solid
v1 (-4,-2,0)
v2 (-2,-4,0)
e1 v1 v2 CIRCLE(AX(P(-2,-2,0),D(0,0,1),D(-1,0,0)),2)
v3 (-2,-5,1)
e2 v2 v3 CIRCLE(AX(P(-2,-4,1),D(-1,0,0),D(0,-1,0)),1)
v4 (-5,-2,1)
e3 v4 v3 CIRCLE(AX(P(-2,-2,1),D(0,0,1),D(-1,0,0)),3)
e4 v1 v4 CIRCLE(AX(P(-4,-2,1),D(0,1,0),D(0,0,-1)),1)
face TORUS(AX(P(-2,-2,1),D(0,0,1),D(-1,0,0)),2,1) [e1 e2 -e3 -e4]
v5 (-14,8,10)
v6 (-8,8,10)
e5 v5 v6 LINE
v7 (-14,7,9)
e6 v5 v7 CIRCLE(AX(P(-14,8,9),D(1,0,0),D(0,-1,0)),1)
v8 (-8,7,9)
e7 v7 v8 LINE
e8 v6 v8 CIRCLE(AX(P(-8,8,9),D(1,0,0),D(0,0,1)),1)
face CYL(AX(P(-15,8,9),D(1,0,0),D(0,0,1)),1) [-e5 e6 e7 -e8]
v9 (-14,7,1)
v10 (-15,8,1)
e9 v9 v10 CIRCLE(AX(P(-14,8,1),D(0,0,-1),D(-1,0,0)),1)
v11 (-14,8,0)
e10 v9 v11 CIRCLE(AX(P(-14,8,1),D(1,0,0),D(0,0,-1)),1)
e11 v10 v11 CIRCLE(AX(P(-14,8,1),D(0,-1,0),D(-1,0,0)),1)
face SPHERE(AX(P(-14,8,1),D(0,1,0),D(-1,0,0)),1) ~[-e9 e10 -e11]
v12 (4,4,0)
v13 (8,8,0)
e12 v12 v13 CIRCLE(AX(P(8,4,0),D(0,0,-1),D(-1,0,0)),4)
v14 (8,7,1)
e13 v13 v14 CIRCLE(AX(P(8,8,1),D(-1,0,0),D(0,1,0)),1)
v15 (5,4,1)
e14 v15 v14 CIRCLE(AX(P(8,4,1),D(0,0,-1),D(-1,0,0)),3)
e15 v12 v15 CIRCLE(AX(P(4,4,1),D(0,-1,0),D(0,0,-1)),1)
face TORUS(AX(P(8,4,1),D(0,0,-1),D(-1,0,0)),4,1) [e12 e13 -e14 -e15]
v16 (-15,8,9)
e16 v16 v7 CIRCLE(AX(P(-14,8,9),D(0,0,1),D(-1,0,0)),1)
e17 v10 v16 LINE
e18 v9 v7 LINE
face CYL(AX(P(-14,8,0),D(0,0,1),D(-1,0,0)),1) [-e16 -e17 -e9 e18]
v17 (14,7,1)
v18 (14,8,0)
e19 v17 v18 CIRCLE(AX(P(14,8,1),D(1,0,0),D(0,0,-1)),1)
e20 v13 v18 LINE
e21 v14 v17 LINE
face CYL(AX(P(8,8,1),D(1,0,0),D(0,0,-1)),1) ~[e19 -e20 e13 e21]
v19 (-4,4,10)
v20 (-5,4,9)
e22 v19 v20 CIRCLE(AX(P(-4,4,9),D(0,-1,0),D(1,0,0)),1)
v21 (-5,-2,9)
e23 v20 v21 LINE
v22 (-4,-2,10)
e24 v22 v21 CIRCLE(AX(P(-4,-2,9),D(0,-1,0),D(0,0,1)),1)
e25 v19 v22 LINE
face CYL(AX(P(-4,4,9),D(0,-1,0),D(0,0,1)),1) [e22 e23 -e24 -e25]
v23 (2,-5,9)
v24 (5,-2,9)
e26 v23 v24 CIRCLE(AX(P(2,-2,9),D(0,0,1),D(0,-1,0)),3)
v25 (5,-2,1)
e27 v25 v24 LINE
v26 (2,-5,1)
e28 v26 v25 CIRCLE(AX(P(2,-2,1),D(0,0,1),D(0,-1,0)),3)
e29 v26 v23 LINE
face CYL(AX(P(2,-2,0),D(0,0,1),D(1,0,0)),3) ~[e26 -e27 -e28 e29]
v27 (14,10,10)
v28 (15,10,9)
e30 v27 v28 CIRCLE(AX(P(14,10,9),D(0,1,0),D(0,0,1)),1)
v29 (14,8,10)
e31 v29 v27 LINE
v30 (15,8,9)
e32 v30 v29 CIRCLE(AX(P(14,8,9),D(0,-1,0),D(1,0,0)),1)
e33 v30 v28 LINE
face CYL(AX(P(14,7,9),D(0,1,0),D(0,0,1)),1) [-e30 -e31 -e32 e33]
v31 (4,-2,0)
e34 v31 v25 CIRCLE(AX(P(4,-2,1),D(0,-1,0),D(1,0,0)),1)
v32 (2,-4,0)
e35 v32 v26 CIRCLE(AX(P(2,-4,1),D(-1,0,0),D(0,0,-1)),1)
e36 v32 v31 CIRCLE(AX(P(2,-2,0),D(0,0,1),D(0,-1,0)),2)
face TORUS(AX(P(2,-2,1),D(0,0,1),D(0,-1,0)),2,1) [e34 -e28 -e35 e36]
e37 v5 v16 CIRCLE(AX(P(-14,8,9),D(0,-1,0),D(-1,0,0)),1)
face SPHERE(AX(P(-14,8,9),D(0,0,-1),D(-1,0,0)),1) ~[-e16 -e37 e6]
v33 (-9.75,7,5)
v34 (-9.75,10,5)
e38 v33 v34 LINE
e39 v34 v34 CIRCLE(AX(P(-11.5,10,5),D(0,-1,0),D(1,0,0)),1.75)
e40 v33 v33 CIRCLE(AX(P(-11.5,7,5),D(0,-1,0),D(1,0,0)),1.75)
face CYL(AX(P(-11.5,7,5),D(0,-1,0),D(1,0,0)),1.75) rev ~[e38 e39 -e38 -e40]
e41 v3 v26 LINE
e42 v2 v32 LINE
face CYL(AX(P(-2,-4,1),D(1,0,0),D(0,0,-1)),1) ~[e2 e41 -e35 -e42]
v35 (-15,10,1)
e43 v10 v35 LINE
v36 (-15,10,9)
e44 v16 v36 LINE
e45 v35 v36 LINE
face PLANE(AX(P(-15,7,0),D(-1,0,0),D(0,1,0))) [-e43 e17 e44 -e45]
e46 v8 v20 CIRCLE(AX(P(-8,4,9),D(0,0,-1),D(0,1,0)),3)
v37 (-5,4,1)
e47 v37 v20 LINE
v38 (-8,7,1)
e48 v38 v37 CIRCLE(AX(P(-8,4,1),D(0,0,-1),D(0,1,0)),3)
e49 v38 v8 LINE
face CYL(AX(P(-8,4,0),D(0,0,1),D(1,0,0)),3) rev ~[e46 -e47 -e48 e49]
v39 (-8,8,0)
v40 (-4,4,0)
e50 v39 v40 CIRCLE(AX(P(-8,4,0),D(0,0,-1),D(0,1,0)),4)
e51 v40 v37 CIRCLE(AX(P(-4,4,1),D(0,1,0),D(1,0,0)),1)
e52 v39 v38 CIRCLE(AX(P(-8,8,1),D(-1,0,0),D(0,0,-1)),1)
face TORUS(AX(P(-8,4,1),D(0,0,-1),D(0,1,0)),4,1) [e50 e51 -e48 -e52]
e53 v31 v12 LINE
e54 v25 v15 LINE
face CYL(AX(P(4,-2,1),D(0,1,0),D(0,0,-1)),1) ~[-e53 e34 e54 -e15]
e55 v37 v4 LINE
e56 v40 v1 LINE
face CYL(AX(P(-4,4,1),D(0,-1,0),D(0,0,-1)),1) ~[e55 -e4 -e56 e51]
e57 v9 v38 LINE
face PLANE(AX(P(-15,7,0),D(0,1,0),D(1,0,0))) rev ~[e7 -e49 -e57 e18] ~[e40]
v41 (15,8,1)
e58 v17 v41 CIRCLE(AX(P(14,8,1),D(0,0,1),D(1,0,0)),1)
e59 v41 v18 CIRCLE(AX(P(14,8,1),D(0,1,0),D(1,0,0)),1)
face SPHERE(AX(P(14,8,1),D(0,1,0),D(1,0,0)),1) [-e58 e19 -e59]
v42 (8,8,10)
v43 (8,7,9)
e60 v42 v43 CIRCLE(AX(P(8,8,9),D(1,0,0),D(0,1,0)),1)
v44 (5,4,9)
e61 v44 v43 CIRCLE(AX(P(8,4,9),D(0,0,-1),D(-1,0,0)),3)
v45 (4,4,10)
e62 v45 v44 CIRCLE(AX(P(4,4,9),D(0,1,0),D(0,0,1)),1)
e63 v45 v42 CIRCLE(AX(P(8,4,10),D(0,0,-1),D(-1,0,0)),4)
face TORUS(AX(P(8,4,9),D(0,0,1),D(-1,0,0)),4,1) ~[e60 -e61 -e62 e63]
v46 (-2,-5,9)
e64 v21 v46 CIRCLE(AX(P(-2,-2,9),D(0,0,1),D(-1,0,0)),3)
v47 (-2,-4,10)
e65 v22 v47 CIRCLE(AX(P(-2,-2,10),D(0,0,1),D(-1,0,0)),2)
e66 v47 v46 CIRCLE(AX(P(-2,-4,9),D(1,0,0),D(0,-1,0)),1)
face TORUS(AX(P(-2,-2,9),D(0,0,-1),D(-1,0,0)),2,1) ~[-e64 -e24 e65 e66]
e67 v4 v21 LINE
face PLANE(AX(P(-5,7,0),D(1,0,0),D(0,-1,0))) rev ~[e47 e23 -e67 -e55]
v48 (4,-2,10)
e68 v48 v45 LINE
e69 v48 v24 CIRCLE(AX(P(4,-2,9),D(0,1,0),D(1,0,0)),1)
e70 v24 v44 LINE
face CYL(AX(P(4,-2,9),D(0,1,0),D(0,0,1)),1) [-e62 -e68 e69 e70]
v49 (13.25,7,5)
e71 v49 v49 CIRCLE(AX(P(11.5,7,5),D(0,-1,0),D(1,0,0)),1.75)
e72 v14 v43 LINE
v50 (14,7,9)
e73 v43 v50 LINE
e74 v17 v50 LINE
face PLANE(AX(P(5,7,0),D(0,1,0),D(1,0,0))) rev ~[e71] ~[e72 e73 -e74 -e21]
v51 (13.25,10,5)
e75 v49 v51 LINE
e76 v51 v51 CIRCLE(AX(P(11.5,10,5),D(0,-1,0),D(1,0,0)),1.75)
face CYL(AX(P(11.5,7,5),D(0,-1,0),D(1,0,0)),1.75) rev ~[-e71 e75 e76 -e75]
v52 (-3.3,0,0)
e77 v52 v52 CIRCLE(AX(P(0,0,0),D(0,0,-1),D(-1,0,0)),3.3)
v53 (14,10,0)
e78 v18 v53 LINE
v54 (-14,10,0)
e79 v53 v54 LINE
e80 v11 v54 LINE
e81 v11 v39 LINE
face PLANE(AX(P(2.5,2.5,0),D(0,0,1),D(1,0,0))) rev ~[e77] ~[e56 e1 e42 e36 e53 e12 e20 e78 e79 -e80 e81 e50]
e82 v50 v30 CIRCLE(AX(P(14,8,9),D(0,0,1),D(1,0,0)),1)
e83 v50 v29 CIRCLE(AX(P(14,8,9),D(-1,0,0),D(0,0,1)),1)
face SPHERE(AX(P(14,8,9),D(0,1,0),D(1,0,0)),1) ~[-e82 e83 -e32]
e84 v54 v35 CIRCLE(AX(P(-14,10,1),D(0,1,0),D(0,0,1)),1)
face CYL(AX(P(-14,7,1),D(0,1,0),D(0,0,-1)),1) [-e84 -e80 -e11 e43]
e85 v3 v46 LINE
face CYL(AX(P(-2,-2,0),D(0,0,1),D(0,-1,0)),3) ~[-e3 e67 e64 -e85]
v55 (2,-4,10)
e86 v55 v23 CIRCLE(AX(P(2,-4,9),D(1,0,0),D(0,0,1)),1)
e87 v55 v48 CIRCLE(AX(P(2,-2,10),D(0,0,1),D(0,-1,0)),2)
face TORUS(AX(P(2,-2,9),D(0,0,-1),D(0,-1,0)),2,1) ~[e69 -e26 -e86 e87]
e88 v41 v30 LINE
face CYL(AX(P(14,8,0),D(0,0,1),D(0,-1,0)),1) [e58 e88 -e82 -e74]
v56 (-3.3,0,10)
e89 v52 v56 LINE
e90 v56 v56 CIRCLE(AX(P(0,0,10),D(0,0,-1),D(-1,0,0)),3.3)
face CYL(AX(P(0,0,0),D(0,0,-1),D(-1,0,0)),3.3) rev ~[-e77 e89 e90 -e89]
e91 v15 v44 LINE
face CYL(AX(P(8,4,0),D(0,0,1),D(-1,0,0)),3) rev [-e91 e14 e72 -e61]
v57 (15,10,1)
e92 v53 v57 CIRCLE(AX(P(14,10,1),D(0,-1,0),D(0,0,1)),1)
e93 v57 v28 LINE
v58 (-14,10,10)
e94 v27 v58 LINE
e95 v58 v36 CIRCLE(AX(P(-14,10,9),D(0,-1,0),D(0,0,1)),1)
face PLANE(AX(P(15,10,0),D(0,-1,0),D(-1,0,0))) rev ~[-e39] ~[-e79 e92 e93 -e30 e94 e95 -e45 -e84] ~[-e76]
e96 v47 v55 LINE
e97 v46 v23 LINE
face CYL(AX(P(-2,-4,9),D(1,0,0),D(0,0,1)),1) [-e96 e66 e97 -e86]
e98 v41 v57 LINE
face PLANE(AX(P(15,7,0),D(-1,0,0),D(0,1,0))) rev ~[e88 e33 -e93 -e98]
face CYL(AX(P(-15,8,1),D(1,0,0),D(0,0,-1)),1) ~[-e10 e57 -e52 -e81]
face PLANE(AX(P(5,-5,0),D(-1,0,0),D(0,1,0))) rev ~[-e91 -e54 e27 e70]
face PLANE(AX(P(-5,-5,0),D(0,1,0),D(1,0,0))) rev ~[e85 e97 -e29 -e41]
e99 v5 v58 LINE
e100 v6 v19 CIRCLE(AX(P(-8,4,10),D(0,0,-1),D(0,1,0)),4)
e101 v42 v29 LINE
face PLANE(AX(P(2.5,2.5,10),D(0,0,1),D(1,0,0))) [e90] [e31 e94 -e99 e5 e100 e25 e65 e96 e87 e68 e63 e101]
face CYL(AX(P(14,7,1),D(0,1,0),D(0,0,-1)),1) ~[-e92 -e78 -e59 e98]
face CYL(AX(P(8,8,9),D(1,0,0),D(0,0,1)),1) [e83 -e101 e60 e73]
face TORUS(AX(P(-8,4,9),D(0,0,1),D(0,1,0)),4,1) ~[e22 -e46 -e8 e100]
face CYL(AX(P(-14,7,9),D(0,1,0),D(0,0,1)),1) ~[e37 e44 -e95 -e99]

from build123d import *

# Parameters (mm, degrees)
SKETCH_1_W          = 10
SKETCH_1_H          = 3
EXTRUDE_1_DEPTH     = 10
SKETCH_2_R          = 3.3
CUT_EXTRUDE_1_DEPTH = 11
SKETCH_3_R          = 1.75
CUT_EXTRUDE_2_DEPTH = 4
FILLET_1_R          = 3
FILLET_2_R          = 1


with BuildPart() as part:
    # ｽｹｯﾁ1 → ﾎﾞｽ - 押し出し1 (new body)
    with BuildSketch(Plane.XY):
        Polygon((5, 10), (0, 10), (0, -5), (5, -5), (5, 7), align=None)
        with Locations((10, 8.5)):
            Rectangle(SKETCH_1_W, SKETCH_1_H)
        Polygon((0, -5), (0, 10), (-5, 10), (-5, 7), (-5, -5), align=None)
        with Locations((-10, 8.5)):
            Rectangle(SKETCH_1_W, SKETCH_1_H)
    extrude(amount=EXTRUDE_1_DEPTH)

    # ｽｹｯﾁ2 → ｶｯﾄ - 押し出し1 (cut, through all)
    with BuildSketch(Plane(origin=(0, 0, 0), x_dir=(-1, 0, 0), z_dir=(0, 0, -1))):
        Circle(SKETCH_2_R)
    extrude(amount=-CUT_EXTRUDE_1_DEPTH, mode=Mode.SUBTRACT)

    # ｽｹｯﾁ3 → ｶｯﾄ - 押し出し2 (cut, through all)
    with BuildSketch(Plane.XZ.offset(-7)):
        with Locations((-11.5, 5)):
            Circle(SKETCH_3_R)
        with Locations((11.5, 5)):
            Circle(SKETCH_3_R)
    extrude(amount=-CUT_EXTRUDE_2_DEPTH, mode=Mode.SUBTRACT)

    # ﾌｨﾚｯﾄ1
    fillet_1_edges = [part.edges().sort_by_distance(p)[0] for p in [
        (5, -5, 5),
        (-5, -5, 5),
        (-5, 7, 5),
        (5, 7, 5),
    ]]
    fillet(fillet_1_edges, radius=FILLET_1_R)

    # ﾌｨﾚｯﾄ2
    fillet_2_edges = [part.edges().sort_by_distance(p)[0] for p in [
        (-15, 8.5, 0),
        (15, 8.5, 0),
        (15, 8.5, 10),
        (-15, 7, 5),
        (15, 7, 5),
        (-15, 8.5, 10),
        (-5, 1, 0),
        (-5, 1, 10),
        (-11.5, 7, 0),
        (-11.5, 7, 10),
        (11.5, 7, 0),
        (11.5, 7, 10),
        (5, 1, 0),
        (5, 1, 10),
        (0, -5, 0),
        (0, -5, 10),
        (4.121320344, -4.121320344, 0),
        (-4.121320344, -4.121320344, 0),
        (4.121320344, -4.121320344, 10),
        (-4.121320344, -4.121320344, 10),
        (-5.878679656, 6.121320344, 0),
        (-5.878679656, 6.121320344, 10),
        (5.878679656, 6.121320344, 0),
        (5.878679656, 6.121320344, 10),
    ]]
    fillet(fillet_2_edges, radius=FILLET_2_R)


solid = part.part
